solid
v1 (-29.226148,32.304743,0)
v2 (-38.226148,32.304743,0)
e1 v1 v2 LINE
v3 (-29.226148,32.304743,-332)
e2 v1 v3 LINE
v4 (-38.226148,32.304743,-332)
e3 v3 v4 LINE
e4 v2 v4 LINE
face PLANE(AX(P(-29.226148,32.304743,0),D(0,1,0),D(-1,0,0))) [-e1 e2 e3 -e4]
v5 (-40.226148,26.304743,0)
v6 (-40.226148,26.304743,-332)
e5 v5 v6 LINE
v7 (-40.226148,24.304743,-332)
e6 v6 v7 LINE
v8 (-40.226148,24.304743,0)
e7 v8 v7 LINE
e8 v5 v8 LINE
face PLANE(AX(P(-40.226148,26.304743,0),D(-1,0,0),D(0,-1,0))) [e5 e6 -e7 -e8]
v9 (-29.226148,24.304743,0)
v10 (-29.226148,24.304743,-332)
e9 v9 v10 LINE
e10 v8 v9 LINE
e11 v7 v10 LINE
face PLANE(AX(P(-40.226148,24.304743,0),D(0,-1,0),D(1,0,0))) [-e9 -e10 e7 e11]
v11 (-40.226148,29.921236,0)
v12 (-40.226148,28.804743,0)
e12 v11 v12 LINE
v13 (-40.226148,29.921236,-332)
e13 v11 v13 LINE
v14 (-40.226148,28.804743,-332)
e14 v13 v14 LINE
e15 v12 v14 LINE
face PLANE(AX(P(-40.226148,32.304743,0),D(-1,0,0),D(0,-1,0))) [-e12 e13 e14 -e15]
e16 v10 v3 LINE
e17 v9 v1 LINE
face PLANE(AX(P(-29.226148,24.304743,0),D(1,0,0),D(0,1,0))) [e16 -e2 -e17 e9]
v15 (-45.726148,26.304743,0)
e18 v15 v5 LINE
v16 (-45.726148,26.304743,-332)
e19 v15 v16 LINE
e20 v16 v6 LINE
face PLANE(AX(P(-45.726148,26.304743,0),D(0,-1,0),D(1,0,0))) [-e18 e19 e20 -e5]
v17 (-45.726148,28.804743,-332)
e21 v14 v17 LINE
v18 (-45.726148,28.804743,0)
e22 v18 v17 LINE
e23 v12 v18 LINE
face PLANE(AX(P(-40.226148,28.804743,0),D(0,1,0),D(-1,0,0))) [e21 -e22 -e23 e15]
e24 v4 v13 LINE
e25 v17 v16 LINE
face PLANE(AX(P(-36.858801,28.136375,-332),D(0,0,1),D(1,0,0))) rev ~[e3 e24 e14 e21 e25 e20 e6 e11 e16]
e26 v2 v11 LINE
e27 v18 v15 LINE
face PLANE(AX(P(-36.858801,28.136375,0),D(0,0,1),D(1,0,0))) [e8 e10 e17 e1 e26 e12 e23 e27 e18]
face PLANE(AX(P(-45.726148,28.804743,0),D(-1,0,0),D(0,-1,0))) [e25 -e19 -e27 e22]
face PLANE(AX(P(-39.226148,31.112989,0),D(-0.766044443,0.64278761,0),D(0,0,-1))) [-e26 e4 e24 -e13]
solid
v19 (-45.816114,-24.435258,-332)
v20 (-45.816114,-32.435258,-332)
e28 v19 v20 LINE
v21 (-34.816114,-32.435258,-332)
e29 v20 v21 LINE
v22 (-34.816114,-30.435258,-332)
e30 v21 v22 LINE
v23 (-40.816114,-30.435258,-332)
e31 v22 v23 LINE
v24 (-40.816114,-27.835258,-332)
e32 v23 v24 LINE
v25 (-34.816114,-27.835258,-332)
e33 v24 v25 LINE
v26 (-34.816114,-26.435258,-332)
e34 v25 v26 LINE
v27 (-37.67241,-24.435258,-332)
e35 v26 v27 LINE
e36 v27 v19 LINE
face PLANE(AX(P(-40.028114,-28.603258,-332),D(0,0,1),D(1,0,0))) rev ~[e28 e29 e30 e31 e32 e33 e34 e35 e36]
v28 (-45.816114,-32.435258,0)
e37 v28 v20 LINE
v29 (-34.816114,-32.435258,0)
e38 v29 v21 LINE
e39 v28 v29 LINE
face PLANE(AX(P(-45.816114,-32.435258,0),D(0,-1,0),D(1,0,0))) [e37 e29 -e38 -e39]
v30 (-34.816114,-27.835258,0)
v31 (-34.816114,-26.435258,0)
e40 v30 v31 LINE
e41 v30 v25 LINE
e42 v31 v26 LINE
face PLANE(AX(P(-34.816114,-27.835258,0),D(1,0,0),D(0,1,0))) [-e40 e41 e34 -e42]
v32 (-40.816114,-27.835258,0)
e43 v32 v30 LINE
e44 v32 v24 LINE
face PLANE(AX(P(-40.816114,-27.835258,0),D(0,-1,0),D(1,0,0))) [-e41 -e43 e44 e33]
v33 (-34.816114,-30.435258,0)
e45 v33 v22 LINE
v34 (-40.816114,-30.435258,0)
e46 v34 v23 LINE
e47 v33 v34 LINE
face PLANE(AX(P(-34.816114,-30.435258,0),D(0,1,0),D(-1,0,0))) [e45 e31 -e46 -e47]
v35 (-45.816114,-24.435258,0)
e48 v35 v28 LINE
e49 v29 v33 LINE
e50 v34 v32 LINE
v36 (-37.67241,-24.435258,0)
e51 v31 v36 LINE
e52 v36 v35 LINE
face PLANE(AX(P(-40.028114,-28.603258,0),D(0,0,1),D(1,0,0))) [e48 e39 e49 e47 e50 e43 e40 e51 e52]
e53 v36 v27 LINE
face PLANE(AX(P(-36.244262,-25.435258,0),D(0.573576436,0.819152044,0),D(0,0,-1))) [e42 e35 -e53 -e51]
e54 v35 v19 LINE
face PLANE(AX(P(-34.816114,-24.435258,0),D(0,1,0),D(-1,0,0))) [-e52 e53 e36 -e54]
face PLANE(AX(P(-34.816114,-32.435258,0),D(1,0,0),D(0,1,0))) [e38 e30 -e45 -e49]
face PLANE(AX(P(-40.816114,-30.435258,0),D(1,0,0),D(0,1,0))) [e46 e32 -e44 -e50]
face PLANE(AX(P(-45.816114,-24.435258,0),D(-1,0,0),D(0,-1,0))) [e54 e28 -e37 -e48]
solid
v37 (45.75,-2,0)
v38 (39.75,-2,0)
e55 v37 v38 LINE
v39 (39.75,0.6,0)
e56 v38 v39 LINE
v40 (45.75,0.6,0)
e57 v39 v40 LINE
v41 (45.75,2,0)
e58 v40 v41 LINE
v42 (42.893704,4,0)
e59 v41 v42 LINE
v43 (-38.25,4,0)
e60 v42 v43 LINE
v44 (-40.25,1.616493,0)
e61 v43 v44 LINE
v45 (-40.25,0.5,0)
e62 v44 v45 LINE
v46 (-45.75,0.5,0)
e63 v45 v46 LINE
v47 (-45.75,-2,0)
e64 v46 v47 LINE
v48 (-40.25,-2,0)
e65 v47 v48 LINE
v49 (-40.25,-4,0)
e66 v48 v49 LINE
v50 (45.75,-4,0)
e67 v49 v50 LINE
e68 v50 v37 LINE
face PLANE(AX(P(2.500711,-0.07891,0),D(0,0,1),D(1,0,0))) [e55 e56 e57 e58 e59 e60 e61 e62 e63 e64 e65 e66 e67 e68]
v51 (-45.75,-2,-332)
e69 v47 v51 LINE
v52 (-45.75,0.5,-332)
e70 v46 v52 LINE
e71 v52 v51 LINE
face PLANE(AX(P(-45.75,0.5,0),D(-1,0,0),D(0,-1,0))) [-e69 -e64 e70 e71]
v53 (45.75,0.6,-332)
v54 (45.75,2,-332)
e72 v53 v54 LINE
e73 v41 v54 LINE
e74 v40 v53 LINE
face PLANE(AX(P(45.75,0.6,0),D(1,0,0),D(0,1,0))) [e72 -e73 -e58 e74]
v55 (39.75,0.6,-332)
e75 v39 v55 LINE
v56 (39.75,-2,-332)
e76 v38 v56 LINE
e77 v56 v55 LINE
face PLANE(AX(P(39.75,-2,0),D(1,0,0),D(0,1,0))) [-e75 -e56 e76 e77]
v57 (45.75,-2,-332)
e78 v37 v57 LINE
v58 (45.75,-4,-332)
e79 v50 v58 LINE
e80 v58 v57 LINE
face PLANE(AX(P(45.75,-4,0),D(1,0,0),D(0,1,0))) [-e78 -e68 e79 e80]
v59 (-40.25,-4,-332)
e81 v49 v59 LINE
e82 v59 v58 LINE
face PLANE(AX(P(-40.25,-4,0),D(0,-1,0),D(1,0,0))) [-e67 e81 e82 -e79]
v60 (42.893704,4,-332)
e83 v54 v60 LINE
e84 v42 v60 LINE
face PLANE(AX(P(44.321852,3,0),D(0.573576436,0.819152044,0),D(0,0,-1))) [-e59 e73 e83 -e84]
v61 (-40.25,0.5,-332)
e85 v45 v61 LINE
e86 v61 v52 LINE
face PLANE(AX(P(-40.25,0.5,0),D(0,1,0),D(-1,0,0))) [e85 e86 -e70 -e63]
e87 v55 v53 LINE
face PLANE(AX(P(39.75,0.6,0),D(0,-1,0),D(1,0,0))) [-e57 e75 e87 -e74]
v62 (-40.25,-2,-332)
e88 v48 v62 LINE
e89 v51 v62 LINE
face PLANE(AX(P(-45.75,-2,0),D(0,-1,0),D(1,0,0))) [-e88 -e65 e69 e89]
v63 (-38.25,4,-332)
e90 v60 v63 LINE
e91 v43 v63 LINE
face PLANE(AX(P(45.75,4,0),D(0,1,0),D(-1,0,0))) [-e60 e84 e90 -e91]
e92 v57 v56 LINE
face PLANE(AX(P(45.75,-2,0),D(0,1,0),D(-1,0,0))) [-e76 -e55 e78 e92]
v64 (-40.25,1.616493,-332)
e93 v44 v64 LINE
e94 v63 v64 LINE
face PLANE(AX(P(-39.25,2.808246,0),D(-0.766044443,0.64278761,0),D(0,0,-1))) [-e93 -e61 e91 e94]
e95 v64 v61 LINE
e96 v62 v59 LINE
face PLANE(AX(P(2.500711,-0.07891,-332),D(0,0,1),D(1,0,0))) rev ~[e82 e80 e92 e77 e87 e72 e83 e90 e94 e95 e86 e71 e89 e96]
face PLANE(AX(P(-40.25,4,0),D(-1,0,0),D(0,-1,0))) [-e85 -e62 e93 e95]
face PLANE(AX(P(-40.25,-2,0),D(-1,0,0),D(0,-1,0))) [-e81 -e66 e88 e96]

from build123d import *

# Parameters (mm, degrees)
F1_DEPTH = 332
F2_SIZE2 = 2.3835071852
F2_SIZE  = 2
F3_SIZE2 = 2.8562960135
F3_SIZE  = 2
F4_DEPTH = 332
F5_DEPTH = 332
F6_SIZE2 = 2.3835071852
F6_SIZE  = 2
F7_SIZE2 = 2.8562960135
F7_SIZE  = 2


with BuildPart() as f1:
    # F0 (on Top) → F1 (new body)
    with BuildSketch(Plane.XY):
        Polygon((45.75, 0.6), (45.75, 4), (-40.25, 4), (-40.25, 0.5), (-45.75, 0.5), (-45.75, -2), (-40.25, -2), (-40.25, -4), (45.75, -4), (45.75, -2), (39.75, -2), (39.75, 0.6), align=None)
    extrude(amount=-F1_DEPTH)

    # F2
    f2_edges = [f1.edges().sort_by_distance(p)[0] for p in [
        (-40.25, 4, -166),
    ]]
    f2_side = f1.faces().sort_by_distance((2.75, 4, -166))[0]
    chamfer(f2_edges, length=F2_SIZE, length2=F2_SIZE2, reference=f2_side)

    # F3
    f3_edges = [f1.edges().sort_by_distance(p)[0] for p in [
        (45.75, 4, -166),
    ]]
    f3_side = f1.faces().sort_by_distance((45.75, 2.3, -166))[0]
    chamfer(f3_edges, length=F3_SIZE, length2=F3_SIZE2, reference=f3_side)


with BuildPart() as f4:
    # F0 (on Top) → F4 (new body)
    with BuildSketch(Plane.XY):
        Polygon((-29.2261481244, 28.9047427452), (-29.2261481244, 32.3047427452), (-40.2261481244, 32.3047427452), (-40.2261481244, 28.8047427452), (-45.7261481244, 28.8047427452), (-45.7261481244, 26.3047427452), (-40.2261481244, 26.3047427452), (-40.2261481244, 24.3047427452), (-29.2261481244, 24.3047427452), (-29.2261481244, 26.3047427452), align=None)
    extrude(amount=-F4_DEPTH)

    # F6
    f6_edges = [f4.edges().sort_by_distance(p)[0] for p in [
        (-40.226148, 32.304743, -166),
    ]]
    f6_side = f4.faces().sort_by_distance((-34.726148, 32.304743, -166))[0]
    chamfer(f6_edges, length=F6_SIZE, length2=F6_SIZE2, reference=f6_side)


with BuildPart() as f5:
    # F0 (on Top) → F5 (new body)
    with BuildSketch(Plane.XY):
        Polygon((-34.8161143508, -27.8352580988), (-34.8161143508, -24.4352580988), (-40.3161143508, -24.4352580988), (-45.8161143508, -24.4352580988), (-45.8161143508, -30.4352580988), (-45.8161143508, -32.4352580988), (-40.3161143508, -32.4352580988), (-34.8161143508, -32.4352580988), (-34.8161143508, -30.4352580988), (-40.8161143508, -30.4352580988), (-40.8161143508, -27.8352580988), align=None)
    extrude(amount=-F5_DEPTH)

    # F7
    f7_edges = [f5.edges().sort_by_distance(p)[0] for p in [
        (-34.816114, -24.435258, -166),
    ]]
    f7_side = f5.faces().sort_by_distance((-34.816114, -26.135258, -166))[0]
    chamfer(f7_edges, length=F7_SIZE, length2=F7_SIZE2, reference=f7_side)


solid = Compound([f1.part, f4.part, f5.part])
